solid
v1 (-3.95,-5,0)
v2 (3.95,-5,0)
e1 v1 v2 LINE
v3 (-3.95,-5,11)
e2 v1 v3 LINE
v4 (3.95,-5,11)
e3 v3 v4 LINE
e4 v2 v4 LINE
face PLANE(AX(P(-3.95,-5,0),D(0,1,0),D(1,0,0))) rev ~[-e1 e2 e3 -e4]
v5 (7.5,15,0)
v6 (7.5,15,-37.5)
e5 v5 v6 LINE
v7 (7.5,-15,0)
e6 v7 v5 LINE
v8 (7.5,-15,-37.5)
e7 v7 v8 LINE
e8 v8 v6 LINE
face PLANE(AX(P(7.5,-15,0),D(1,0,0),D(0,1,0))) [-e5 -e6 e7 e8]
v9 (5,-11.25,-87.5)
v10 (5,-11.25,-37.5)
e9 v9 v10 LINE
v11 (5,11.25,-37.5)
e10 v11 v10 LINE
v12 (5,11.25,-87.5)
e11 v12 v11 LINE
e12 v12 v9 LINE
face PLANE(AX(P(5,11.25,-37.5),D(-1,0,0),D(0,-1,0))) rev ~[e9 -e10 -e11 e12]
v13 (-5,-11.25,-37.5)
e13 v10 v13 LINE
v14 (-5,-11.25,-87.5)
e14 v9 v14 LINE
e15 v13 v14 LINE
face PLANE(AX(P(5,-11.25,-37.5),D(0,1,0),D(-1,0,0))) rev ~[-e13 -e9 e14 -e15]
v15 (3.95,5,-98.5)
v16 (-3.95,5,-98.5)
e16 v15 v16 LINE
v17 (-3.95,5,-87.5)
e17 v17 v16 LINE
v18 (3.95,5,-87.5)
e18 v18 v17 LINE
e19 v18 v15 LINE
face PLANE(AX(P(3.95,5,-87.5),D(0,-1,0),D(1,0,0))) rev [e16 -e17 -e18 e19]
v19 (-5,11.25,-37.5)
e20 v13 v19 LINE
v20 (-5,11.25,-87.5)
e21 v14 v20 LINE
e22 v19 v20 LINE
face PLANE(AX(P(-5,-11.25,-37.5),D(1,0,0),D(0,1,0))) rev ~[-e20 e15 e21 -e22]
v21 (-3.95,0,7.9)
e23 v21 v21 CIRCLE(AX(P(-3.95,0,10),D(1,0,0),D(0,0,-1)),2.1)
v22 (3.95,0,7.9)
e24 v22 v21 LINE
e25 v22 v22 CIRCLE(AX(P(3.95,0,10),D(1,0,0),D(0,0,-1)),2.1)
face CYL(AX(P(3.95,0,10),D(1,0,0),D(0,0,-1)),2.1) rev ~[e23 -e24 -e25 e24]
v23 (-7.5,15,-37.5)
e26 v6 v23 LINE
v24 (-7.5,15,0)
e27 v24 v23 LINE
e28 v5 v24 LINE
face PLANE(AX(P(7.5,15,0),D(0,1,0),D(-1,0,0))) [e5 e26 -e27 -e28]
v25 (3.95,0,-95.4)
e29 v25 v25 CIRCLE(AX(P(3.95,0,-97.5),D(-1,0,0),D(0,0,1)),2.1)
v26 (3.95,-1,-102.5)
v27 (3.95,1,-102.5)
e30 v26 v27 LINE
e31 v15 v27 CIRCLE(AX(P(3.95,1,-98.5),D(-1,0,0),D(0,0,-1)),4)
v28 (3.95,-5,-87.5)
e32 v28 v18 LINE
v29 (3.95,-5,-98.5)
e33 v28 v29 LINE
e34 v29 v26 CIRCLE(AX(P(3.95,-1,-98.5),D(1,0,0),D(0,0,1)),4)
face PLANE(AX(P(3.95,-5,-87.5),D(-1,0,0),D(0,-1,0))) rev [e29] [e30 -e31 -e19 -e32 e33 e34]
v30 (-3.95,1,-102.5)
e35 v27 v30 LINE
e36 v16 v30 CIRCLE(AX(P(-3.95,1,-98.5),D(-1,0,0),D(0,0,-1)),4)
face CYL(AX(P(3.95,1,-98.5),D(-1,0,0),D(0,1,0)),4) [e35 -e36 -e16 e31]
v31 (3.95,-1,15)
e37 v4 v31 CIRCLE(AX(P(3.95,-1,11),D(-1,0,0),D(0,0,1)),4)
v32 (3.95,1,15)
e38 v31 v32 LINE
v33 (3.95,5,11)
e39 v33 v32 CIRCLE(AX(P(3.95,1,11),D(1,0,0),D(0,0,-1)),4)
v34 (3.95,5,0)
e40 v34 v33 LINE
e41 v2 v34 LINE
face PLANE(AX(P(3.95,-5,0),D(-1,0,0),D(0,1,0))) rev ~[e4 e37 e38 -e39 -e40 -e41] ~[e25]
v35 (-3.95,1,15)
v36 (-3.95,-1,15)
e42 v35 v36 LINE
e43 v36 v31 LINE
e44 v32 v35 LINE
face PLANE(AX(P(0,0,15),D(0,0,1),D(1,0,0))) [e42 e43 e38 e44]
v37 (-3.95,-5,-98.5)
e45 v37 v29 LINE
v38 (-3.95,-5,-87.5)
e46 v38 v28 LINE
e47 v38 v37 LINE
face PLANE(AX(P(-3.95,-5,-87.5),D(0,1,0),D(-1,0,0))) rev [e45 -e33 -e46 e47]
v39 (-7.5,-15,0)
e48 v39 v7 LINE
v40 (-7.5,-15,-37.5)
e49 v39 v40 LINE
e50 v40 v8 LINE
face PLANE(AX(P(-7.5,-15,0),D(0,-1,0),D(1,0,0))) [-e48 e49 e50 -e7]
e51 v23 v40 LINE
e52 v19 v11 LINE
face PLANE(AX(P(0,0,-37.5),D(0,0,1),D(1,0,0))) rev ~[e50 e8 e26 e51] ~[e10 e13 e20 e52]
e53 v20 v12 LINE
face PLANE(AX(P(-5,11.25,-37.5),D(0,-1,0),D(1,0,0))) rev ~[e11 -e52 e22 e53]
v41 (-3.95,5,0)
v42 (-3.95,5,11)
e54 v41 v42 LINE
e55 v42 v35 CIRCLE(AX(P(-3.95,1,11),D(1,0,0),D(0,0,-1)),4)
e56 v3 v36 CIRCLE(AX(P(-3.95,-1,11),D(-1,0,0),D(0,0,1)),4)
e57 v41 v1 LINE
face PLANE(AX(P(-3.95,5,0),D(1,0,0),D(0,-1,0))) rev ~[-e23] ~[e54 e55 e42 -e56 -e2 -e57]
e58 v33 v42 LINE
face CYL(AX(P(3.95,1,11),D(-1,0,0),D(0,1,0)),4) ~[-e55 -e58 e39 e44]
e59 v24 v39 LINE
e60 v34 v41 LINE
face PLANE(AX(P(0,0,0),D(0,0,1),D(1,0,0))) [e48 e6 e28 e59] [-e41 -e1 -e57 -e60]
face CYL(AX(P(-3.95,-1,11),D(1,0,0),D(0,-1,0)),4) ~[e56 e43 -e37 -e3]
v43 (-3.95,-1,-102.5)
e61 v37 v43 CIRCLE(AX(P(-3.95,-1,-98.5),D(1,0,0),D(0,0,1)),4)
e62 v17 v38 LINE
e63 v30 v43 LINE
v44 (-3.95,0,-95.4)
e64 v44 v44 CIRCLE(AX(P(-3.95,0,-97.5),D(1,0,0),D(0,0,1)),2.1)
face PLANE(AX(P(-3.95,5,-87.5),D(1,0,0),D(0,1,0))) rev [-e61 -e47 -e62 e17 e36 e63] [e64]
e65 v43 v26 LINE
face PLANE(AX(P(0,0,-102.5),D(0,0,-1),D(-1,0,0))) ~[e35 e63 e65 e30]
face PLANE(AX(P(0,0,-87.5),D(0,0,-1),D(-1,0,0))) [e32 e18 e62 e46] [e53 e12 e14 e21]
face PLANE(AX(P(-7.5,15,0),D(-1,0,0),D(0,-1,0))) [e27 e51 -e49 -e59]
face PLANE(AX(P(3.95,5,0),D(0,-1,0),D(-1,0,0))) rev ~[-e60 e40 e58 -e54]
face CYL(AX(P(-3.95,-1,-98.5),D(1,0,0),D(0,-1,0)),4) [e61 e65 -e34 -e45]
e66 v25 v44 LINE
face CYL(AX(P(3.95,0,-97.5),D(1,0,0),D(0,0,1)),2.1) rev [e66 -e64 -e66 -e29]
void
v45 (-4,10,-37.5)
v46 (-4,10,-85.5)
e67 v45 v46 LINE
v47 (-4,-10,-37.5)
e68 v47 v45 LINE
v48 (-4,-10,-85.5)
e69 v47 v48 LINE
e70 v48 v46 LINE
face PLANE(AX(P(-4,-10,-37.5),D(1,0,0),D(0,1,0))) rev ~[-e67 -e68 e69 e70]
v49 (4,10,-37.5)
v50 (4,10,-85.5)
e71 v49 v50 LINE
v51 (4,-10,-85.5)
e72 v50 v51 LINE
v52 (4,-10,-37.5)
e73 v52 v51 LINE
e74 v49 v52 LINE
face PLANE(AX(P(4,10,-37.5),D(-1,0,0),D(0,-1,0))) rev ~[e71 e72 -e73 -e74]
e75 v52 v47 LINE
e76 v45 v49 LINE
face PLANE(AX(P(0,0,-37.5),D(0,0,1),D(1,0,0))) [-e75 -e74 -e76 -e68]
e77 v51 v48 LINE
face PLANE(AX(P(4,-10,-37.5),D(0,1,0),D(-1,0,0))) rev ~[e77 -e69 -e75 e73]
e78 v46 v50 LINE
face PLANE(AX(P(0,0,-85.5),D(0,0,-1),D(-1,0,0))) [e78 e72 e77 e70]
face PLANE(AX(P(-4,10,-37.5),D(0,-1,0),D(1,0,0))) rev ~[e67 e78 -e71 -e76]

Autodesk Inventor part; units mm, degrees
ref_plane "YZ Plane" through (0, 0, 0) normal (1, 0, 0) x (0, 1, 0)
ref_plane "XZ Plane" through (0, 0, 0) normal (0, 1, 0) x (-1, 0, 0)
sketch "스케치1" plane through (0, 0, 0) normal (0, 0, 1) x (1, 0, 0)
  line L0 (-7.5, -15) -> (7.5, -15)
  line L1 (7.5, -15) -> (7.5, 15)
  line L2 (7.5, 15) -> (-7.5, 15)
  line L3 (-7.5, 15) -> (-7.5, -15)
  point P0 (0, 0)
  dimension "d0" = 15
  dimension "d1" = 30
  dimension "d2" = 15
  dimension "d3" = 7.5
extrude "돌출1" add sketch "스케치1" against normal blind 37.5
sketch "스케치2" plane through (0, 0, -37.5) normal (0, 0, -1) x (-1, 0, 0)
  line L0 (5, 11.25) -> (-5, 11.25)
  line L1 (-5, 11.25) -> (-5, -11.25)
  line L2 (-5, -11.25) -> (5, -11.25)
  line L3 (5, -11.25) -> (5, 11.25)
  line L4 (5, 11.25) -> (-5, -11.25) construction
  line L5 (-5, 11.25) -> (5, -11.25) construction
  line L6 (-4, -10) -> (4, -10)
  line L7 (4, -10) -> (4, 10)
  line L8 (4, 10) -> (-4, 10)
  line L9 (-4, 10) -> (-4, -10)
  line L10 (-4, -10) -> (4, 10) construction
  line L11 (4, -10) -> (-4, 10) construction
  point P0 (0, 0)
  dimension "d6" = 10
  dimension "d7" = 22.5
  dimension "d10" = 8
  dimension "d11" = 20
extrude "돌출2" add sketch "스케치2" along normal blind 50
sketch "스케치3" plane through (0, 0, 0) normal (0, 0, 1) x (1, 0, 0)
  line L0 (-3.95, -5) -> (3.95, -5)
  line L1 (3.95, -5) -> (3.95, 5)
  line L2 (3.95, 5) -> (-3.95, 5)
  line L3 (-3.95, 5) -> (-3.95, -5)
  line L4 (-3.95, -5) -> (3.95, 5) construction
  line L5 (3.95, -5) -> (-3.95, 5) construction
  point P0 (0, 0)
  dimension "d12" = 7.9
  dimension "d13" = 10
extrude "돌출3" add sketch "스케치3" along normal blind 15
sketch "스케치4" plane through (3.95, -5, 0) normal (1, 0, 0) x (0, 0, -1)
  circle A0 centre (-10, 5) radius 2.1
  line L0 (0, 0) -> (-15, 0) projected
  line L1 (-15, 0) -> (-15, 10) projected
  point P0 (0, 5)
  dimension "d16" = 4.2
  dimension "d17" = 5
  dimension "d18" = 5
extrude "돌출4" cut sketch "스케치4" against normal blind 15
sketch "스케치5" plane through (0, 0, -87.5) normal (0, 0, -1) x (-1, 0, 0)
  line L0 (-5, 11.25) -> (5, 11.25) projected
  line L1 (5, -11.25) -> (-5, -11.25) projected
  line L2 (5, 11.25) -> (-5, 11.25)
  line L3 (-5, 11.25) -> (-5, -11.25)
  line L4 (-5, -11.25) -> (5, -11.25)
  line L5 (5, -11.25) -> (5, 11.25)
  point P0 (7.5, 15)
  point P1 (-7.5, -15)
extrude "돌출5" add sketch "스케치5" against normal blind 2
ref_plane "작업 평면1" through (0, 0, -43.75) normal (0, 0, 1) x (1, 0, 0)
mirror "미러1" about plane through (0, 0, -43.75) normal (0, 0, 1) of "돌출3"
mirror "미러2" about plane through (0, 0, -43.75) normal (0, 0, 1) of "돌출4"
fillet "모깎기1" radius 4 4 edges at (0, -5, 15) (0, 5, 15) (0, -5, -102.5) (0, 5, -102.5)
properties part number "각도조절 액추에이터_최소" material "납"
